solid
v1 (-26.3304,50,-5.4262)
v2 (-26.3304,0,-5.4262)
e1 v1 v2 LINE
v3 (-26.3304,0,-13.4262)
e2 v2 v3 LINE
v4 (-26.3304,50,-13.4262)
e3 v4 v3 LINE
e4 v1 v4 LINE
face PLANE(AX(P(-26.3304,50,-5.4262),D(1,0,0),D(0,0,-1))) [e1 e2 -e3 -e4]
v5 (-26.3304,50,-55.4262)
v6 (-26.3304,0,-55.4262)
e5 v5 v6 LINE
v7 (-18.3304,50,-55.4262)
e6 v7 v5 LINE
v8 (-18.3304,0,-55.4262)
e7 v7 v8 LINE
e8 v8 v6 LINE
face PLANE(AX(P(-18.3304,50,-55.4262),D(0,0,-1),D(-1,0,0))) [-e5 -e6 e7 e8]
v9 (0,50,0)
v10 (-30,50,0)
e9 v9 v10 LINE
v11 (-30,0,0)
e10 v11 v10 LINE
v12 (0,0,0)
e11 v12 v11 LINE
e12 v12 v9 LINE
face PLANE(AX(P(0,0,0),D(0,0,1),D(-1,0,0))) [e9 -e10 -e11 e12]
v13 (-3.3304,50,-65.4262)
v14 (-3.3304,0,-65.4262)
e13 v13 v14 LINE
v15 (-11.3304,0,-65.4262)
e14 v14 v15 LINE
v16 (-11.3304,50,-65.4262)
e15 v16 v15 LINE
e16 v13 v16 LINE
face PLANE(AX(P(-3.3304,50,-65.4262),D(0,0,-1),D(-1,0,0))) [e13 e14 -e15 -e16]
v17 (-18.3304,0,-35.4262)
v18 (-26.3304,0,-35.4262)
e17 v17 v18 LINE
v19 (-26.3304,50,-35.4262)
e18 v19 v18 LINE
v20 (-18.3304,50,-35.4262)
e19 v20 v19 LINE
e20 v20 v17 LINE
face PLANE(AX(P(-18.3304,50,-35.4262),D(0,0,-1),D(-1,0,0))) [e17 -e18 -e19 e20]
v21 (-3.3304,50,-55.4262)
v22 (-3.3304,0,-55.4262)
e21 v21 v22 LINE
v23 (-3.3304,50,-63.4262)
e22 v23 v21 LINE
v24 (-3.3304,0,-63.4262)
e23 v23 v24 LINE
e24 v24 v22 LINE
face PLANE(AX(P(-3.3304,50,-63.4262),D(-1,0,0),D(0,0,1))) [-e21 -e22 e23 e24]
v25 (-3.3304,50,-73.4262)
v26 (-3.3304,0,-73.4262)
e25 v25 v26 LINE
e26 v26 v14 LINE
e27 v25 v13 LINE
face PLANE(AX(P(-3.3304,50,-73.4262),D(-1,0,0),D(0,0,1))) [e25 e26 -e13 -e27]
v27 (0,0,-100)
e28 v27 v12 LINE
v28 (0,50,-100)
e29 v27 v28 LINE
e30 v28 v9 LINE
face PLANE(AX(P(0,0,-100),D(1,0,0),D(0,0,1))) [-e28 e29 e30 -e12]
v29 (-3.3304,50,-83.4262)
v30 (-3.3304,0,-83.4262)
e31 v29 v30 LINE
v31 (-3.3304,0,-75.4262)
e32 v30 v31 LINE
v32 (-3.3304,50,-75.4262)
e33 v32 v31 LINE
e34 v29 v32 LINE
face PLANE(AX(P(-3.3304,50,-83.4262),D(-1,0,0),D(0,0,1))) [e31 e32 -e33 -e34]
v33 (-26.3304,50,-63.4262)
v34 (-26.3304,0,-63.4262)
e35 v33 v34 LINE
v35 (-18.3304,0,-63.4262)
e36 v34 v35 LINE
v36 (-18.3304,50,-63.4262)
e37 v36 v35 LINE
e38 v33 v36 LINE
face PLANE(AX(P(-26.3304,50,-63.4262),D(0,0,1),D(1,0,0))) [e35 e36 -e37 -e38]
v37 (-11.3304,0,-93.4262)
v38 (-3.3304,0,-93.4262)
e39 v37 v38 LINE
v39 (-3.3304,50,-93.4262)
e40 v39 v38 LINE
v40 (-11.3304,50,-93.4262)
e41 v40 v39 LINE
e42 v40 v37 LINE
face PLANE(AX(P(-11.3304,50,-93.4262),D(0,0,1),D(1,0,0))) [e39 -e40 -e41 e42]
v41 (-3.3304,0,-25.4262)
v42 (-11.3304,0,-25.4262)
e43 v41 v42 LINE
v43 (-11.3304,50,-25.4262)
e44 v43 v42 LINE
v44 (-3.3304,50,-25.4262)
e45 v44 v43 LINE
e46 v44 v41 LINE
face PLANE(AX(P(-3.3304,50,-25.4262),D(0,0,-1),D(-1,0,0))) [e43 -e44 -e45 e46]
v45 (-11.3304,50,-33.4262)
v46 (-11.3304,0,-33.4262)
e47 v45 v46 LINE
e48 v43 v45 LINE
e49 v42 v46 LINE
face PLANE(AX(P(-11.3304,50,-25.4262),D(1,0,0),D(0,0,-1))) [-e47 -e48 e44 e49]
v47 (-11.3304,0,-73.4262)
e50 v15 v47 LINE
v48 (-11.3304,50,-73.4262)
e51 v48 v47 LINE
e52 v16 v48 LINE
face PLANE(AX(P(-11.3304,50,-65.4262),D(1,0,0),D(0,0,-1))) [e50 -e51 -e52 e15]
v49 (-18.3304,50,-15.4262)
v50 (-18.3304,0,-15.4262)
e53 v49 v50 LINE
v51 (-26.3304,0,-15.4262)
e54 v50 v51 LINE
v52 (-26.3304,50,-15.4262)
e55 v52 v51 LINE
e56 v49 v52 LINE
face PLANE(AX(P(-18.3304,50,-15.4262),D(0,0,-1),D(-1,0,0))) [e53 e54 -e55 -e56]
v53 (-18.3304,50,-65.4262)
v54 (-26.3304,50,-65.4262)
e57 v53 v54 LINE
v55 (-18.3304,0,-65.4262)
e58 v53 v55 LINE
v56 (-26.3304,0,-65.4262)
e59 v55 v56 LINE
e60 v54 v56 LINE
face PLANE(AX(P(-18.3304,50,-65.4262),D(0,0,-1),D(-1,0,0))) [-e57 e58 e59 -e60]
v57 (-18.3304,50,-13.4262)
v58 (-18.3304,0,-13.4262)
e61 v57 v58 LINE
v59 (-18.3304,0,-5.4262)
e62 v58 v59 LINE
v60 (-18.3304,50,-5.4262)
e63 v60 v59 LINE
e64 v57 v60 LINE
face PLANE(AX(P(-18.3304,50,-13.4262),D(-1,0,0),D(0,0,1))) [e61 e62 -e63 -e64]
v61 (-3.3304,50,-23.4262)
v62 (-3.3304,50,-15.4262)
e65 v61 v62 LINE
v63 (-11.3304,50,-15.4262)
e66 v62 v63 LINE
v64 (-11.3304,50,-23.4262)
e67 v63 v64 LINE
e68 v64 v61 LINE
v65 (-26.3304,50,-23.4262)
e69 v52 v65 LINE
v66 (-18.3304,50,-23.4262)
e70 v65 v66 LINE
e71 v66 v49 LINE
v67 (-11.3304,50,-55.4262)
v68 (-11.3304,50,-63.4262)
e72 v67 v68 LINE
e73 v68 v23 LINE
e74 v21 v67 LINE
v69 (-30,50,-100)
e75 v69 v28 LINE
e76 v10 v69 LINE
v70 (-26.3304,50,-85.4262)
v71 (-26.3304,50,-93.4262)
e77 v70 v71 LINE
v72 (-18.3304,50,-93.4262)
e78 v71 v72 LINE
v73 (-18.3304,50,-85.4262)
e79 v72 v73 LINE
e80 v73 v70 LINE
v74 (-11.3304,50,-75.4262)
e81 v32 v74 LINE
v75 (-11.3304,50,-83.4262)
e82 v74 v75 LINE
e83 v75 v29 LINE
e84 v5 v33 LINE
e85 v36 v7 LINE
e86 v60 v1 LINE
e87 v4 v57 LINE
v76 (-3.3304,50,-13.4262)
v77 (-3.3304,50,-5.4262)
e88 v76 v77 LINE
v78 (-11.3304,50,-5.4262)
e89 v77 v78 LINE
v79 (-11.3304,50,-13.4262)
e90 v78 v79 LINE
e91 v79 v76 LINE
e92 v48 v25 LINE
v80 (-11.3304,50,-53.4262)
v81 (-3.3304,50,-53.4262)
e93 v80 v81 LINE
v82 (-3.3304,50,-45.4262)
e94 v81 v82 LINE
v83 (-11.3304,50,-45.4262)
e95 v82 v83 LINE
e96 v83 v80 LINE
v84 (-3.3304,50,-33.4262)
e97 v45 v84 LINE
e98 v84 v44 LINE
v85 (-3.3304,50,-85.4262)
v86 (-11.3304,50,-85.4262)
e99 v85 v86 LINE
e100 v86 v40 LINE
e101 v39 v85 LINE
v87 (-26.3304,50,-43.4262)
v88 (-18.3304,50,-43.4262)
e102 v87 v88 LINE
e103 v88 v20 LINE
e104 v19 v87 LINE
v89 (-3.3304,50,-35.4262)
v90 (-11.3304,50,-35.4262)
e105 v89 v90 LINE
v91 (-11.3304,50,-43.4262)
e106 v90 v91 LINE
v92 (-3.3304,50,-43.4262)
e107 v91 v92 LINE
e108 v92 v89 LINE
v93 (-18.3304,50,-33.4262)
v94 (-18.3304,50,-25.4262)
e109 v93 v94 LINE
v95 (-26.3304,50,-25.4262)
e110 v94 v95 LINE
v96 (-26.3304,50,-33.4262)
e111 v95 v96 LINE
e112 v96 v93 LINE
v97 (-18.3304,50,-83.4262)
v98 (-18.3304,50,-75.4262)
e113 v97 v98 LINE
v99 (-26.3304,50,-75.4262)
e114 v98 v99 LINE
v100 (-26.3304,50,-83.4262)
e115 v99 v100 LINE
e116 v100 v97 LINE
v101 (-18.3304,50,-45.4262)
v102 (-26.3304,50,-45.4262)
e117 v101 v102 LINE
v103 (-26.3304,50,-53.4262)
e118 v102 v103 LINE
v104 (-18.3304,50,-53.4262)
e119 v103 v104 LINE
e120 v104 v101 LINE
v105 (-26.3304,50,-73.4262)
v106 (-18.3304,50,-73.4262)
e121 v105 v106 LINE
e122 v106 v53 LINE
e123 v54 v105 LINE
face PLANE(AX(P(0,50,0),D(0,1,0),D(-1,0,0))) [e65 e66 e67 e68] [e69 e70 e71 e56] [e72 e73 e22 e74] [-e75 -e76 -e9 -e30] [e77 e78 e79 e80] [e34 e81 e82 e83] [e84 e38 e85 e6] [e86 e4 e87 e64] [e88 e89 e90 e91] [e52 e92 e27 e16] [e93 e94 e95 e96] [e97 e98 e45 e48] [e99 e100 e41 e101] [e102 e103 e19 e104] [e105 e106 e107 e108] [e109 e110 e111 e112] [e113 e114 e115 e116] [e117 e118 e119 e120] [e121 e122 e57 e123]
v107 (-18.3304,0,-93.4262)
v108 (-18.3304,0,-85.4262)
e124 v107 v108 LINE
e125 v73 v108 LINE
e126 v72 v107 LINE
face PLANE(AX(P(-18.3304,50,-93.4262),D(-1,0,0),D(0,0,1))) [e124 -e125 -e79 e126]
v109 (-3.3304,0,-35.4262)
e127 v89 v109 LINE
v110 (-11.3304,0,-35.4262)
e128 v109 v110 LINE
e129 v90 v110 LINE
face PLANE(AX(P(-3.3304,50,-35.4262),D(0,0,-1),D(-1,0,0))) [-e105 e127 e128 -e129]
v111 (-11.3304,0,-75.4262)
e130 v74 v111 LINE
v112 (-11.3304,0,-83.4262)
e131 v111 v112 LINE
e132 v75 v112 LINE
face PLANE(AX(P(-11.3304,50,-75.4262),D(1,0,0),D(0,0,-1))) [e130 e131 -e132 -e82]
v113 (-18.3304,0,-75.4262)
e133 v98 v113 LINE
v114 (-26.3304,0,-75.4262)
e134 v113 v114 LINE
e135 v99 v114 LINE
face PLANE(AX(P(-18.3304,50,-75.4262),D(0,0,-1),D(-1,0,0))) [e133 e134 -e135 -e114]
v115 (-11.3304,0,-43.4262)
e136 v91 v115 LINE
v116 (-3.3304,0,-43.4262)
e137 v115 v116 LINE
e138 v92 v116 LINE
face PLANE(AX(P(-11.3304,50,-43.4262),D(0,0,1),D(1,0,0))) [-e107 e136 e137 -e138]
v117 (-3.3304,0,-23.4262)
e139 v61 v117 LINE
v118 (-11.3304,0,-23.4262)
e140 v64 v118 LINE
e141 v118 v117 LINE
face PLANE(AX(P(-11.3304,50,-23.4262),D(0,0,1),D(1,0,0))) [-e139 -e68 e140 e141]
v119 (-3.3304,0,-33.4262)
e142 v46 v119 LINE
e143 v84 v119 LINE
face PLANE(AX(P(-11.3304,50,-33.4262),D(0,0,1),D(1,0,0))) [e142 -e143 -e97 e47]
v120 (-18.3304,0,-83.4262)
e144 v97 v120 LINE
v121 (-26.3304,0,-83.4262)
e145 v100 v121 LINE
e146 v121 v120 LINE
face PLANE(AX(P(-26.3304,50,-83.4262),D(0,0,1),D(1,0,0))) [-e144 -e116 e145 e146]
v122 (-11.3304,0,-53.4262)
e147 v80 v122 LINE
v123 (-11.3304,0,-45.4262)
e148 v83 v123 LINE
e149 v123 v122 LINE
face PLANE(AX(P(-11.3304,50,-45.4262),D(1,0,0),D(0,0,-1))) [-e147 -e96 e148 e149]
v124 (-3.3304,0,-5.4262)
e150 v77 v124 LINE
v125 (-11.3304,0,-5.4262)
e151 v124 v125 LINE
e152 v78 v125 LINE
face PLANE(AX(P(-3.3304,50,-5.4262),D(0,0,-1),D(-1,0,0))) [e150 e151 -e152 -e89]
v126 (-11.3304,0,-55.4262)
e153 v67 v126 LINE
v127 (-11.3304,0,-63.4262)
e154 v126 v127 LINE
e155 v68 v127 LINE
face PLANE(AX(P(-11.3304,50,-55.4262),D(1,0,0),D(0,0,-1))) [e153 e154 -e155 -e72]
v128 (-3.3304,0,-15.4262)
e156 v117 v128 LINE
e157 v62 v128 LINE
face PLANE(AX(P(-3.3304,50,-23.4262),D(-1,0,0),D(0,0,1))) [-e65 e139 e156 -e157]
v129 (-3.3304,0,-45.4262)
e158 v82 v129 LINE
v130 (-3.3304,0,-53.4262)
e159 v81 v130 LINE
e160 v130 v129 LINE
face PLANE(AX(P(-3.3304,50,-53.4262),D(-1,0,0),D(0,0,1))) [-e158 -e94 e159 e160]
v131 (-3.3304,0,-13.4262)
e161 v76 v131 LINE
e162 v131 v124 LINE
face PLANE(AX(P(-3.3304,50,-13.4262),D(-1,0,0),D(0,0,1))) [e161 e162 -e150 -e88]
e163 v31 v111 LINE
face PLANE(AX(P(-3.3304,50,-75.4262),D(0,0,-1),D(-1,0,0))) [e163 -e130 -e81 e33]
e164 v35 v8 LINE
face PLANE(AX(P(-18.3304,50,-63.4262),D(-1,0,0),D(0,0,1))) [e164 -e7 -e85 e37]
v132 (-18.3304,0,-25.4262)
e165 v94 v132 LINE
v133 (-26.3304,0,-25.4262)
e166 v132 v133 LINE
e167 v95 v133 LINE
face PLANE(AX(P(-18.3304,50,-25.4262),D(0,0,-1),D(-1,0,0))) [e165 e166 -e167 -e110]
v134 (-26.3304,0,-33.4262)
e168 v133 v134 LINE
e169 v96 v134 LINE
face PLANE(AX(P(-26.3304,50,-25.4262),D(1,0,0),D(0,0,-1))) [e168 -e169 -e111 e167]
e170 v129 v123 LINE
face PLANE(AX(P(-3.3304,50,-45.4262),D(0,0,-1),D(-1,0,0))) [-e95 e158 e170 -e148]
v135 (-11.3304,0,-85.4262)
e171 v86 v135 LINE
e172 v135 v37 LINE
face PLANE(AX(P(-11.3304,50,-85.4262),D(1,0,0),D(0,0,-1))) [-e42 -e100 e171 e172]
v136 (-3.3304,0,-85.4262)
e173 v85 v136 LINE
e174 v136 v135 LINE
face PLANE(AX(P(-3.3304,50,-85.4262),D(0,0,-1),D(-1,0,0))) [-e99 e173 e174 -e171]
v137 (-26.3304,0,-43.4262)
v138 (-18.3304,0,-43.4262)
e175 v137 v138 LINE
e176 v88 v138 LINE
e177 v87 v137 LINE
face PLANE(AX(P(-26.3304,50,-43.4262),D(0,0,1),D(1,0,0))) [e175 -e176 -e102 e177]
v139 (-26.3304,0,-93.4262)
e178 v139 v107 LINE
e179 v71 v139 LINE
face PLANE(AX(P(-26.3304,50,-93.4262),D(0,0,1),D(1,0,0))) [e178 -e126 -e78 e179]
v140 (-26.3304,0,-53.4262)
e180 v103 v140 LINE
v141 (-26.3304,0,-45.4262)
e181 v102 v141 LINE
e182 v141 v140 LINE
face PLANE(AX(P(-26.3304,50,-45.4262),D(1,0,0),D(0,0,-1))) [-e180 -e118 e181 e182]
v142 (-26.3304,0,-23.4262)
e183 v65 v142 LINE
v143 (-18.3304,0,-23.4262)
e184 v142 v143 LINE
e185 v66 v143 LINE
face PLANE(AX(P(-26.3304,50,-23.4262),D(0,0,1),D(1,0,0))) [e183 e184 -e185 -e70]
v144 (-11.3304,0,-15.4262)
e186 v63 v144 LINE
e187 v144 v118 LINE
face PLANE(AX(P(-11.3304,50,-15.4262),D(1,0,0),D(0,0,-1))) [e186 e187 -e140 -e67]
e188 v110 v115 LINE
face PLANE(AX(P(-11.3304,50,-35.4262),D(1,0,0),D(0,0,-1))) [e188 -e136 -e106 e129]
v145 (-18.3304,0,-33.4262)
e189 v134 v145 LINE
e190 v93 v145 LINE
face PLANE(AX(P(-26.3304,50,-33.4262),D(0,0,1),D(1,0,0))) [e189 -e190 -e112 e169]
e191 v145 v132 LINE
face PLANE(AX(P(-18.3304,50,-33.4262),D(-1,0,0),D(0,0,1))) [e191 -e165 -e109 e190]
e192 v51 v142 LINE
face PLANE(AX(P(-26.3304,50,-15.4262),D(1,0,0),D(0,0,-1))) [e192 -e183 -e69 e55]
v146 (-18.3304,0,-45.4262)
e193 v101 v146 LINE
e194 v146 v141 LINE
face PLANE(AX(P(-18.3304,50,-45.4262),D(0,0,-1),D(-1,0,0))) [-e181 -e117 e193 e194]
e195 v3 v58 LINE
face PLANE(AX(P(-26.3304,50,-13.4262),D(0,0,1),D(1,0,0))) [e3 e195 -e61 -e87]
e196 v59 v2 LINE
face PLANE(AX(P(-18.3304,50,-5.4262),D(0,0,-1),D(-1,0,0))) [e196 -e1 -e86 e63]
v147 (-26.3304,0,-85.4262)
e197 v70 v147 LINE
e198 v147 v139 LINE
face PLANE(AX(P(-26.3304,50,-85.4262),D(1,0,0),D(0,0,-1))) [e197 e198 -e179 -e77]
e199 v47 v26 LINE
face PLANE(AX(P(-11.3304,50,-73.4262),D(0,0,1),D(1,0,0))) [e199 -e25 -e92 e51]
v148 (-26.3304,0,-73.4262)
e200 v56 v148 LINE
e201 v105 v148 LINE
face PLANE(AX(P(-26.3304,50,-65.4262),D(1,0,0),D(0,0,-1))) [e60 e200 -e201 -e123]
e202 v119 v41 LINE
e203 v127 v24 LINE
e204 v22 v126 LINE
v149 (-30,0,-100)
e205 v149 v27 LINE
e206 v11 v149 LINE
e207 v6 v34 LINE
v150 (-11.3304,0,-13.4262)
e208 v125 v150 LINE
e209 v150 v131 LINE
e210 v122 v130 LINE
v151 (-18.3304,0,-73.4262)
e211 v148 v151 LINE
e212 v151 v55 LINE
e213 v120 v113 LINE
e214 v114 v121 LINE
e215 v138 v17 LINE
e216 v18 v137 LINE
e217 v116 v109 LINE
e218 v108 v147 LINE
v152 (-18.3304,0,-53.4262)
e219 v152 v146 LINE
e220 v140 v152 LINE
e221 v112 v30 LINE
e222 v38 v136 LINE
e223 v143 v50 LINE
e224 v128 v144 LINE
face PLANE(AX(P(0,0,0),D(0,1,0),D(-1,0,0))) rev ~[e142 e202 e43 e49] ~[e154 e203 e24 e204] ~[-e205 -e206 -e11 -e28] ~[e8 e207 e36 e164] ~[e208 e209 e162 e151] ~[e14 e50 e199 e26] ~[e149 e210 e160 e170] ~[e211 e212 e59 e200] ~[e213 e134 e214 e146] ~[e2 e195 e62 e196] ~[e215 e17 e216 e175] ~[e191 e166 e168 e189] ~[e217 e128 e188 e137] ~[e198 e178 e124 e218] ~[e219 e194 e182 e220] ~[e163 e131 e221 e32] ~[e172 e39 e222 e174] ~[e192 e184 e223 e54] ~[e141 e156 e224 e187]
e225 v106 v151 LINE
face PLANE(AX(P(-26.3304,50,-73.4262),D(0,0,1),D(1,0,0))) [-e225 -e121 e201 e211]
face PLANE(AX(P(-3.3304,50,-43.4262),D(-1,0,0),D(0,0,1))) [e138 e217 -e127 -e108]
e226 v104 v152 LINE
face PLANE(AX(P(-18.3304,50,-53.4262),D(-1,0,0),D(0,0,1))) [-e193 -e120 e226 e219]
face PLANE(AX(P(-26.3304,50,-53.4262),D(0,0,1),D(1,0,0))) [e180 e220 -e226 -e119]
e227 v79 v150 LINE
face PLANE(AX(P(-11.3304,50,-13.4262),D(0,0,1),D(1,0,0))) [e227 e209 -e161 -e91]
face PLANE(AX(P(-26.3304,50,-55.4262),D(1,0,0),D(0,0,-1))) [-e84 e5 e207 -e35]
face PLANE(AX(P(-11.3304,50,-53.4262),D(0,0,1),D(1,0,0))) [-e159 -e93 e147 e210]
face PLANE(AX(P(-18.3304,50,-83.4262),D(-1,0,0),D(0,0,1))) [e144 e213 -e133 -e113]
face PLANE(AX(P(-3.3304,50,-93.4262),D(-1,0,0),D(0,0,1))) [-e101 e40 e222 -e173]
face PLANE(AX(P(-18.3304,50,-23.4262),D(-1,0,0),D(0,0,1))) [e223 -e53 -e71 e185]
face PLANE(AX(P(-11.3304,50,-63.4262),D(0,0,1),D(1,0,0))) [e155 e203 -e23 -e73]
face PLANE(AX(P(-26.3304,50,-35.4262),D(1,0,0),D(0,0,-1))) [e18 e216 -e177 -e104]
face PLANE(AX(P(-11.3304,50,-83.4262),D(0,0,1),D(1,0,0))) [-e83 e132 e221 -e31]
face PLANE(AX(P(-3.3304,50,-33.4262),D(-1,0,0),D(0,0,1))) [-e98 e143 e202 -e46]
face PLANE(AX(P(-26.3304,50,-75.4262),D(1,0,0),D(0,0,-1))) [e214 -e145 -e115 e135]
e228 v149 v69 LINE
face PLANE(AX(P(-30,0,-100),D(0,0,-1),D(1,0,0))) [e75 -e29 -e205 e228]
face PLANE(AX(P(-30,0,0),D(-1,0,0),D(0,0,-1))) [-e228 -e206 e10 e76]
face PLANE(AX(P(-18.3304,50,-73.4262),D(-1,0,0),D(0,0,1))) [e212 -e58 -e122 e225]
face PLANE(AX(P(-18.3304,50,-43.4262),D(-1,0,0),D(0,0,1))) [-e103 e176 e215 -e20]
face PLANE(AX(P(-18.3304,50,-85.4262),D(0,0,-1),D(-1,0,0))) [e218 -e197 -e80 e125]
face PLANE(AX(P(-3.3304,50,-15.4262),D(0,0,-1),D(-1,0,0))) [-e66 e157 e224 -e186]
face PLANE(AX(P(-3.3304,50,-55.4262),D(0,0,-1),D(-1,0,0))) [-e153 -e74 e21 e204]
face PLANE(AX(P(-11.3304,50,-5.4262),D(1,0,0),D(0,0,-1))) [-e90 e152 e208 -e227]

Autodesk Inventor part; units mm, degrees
ref_plane "YZ Plane" through (0, 0, 0) normal (1, 0, 0) x (0, 1, 0)
ref_plane "XZ Plane" through (0, 0, 0) normal (0, 1, 0) x (-1, 0, 0)
ref_plane "XY Plane" through (0, 0, 0) normal (0, 0, 1) x (1, 0, 0)
sketch "草圖1" plane through (0, 0, 0) normal (0, 1, 0) x (-1, 0, 0)
  line L0 (0, 0) -> (30, 0)
  line L1 (30, 0) -> (30, -100)
  line L2 (30, -100) -> (0, -100)
  line L3 (0, -100) -> (0, 0)
  dimension "d0" = 30
  dimension "d1" = 100
extrude "擠出1" add sketch "草圖1" along normal blind 50
sketch "草圖2" plane through (0, 50, 0) normal (0, 1, 0) x (1, 0, 0)
  line L0 (-11.3304, 13.4262) -> (-3.3304, 13.4262)
  line L1 (-3.3304, 13.4262) -> (-3.3304, 5.4262)
  line L2 (-3.3304, 5.4262) -> (-11.3304, 5.4262)
  line L3 (-11.3304, 5.4262) -> (-11.3304, 13.4262)
  point P0 (0, 0)
  dimension "d4" = 8
  dimension "d5" = 8
extrude "擠出2" cut sketch "草圖2" against normal blind 50
pattern_linear "矩形陣列1" count 9 spacing 10 along (0, 0, -1) of "擠出2"
pattern_linear "矩形陣列2" count 2 spacing 15 along (-1, 0, 0) of "擠出2", "矩形陣列1"
properties part number "矩形陣列"
